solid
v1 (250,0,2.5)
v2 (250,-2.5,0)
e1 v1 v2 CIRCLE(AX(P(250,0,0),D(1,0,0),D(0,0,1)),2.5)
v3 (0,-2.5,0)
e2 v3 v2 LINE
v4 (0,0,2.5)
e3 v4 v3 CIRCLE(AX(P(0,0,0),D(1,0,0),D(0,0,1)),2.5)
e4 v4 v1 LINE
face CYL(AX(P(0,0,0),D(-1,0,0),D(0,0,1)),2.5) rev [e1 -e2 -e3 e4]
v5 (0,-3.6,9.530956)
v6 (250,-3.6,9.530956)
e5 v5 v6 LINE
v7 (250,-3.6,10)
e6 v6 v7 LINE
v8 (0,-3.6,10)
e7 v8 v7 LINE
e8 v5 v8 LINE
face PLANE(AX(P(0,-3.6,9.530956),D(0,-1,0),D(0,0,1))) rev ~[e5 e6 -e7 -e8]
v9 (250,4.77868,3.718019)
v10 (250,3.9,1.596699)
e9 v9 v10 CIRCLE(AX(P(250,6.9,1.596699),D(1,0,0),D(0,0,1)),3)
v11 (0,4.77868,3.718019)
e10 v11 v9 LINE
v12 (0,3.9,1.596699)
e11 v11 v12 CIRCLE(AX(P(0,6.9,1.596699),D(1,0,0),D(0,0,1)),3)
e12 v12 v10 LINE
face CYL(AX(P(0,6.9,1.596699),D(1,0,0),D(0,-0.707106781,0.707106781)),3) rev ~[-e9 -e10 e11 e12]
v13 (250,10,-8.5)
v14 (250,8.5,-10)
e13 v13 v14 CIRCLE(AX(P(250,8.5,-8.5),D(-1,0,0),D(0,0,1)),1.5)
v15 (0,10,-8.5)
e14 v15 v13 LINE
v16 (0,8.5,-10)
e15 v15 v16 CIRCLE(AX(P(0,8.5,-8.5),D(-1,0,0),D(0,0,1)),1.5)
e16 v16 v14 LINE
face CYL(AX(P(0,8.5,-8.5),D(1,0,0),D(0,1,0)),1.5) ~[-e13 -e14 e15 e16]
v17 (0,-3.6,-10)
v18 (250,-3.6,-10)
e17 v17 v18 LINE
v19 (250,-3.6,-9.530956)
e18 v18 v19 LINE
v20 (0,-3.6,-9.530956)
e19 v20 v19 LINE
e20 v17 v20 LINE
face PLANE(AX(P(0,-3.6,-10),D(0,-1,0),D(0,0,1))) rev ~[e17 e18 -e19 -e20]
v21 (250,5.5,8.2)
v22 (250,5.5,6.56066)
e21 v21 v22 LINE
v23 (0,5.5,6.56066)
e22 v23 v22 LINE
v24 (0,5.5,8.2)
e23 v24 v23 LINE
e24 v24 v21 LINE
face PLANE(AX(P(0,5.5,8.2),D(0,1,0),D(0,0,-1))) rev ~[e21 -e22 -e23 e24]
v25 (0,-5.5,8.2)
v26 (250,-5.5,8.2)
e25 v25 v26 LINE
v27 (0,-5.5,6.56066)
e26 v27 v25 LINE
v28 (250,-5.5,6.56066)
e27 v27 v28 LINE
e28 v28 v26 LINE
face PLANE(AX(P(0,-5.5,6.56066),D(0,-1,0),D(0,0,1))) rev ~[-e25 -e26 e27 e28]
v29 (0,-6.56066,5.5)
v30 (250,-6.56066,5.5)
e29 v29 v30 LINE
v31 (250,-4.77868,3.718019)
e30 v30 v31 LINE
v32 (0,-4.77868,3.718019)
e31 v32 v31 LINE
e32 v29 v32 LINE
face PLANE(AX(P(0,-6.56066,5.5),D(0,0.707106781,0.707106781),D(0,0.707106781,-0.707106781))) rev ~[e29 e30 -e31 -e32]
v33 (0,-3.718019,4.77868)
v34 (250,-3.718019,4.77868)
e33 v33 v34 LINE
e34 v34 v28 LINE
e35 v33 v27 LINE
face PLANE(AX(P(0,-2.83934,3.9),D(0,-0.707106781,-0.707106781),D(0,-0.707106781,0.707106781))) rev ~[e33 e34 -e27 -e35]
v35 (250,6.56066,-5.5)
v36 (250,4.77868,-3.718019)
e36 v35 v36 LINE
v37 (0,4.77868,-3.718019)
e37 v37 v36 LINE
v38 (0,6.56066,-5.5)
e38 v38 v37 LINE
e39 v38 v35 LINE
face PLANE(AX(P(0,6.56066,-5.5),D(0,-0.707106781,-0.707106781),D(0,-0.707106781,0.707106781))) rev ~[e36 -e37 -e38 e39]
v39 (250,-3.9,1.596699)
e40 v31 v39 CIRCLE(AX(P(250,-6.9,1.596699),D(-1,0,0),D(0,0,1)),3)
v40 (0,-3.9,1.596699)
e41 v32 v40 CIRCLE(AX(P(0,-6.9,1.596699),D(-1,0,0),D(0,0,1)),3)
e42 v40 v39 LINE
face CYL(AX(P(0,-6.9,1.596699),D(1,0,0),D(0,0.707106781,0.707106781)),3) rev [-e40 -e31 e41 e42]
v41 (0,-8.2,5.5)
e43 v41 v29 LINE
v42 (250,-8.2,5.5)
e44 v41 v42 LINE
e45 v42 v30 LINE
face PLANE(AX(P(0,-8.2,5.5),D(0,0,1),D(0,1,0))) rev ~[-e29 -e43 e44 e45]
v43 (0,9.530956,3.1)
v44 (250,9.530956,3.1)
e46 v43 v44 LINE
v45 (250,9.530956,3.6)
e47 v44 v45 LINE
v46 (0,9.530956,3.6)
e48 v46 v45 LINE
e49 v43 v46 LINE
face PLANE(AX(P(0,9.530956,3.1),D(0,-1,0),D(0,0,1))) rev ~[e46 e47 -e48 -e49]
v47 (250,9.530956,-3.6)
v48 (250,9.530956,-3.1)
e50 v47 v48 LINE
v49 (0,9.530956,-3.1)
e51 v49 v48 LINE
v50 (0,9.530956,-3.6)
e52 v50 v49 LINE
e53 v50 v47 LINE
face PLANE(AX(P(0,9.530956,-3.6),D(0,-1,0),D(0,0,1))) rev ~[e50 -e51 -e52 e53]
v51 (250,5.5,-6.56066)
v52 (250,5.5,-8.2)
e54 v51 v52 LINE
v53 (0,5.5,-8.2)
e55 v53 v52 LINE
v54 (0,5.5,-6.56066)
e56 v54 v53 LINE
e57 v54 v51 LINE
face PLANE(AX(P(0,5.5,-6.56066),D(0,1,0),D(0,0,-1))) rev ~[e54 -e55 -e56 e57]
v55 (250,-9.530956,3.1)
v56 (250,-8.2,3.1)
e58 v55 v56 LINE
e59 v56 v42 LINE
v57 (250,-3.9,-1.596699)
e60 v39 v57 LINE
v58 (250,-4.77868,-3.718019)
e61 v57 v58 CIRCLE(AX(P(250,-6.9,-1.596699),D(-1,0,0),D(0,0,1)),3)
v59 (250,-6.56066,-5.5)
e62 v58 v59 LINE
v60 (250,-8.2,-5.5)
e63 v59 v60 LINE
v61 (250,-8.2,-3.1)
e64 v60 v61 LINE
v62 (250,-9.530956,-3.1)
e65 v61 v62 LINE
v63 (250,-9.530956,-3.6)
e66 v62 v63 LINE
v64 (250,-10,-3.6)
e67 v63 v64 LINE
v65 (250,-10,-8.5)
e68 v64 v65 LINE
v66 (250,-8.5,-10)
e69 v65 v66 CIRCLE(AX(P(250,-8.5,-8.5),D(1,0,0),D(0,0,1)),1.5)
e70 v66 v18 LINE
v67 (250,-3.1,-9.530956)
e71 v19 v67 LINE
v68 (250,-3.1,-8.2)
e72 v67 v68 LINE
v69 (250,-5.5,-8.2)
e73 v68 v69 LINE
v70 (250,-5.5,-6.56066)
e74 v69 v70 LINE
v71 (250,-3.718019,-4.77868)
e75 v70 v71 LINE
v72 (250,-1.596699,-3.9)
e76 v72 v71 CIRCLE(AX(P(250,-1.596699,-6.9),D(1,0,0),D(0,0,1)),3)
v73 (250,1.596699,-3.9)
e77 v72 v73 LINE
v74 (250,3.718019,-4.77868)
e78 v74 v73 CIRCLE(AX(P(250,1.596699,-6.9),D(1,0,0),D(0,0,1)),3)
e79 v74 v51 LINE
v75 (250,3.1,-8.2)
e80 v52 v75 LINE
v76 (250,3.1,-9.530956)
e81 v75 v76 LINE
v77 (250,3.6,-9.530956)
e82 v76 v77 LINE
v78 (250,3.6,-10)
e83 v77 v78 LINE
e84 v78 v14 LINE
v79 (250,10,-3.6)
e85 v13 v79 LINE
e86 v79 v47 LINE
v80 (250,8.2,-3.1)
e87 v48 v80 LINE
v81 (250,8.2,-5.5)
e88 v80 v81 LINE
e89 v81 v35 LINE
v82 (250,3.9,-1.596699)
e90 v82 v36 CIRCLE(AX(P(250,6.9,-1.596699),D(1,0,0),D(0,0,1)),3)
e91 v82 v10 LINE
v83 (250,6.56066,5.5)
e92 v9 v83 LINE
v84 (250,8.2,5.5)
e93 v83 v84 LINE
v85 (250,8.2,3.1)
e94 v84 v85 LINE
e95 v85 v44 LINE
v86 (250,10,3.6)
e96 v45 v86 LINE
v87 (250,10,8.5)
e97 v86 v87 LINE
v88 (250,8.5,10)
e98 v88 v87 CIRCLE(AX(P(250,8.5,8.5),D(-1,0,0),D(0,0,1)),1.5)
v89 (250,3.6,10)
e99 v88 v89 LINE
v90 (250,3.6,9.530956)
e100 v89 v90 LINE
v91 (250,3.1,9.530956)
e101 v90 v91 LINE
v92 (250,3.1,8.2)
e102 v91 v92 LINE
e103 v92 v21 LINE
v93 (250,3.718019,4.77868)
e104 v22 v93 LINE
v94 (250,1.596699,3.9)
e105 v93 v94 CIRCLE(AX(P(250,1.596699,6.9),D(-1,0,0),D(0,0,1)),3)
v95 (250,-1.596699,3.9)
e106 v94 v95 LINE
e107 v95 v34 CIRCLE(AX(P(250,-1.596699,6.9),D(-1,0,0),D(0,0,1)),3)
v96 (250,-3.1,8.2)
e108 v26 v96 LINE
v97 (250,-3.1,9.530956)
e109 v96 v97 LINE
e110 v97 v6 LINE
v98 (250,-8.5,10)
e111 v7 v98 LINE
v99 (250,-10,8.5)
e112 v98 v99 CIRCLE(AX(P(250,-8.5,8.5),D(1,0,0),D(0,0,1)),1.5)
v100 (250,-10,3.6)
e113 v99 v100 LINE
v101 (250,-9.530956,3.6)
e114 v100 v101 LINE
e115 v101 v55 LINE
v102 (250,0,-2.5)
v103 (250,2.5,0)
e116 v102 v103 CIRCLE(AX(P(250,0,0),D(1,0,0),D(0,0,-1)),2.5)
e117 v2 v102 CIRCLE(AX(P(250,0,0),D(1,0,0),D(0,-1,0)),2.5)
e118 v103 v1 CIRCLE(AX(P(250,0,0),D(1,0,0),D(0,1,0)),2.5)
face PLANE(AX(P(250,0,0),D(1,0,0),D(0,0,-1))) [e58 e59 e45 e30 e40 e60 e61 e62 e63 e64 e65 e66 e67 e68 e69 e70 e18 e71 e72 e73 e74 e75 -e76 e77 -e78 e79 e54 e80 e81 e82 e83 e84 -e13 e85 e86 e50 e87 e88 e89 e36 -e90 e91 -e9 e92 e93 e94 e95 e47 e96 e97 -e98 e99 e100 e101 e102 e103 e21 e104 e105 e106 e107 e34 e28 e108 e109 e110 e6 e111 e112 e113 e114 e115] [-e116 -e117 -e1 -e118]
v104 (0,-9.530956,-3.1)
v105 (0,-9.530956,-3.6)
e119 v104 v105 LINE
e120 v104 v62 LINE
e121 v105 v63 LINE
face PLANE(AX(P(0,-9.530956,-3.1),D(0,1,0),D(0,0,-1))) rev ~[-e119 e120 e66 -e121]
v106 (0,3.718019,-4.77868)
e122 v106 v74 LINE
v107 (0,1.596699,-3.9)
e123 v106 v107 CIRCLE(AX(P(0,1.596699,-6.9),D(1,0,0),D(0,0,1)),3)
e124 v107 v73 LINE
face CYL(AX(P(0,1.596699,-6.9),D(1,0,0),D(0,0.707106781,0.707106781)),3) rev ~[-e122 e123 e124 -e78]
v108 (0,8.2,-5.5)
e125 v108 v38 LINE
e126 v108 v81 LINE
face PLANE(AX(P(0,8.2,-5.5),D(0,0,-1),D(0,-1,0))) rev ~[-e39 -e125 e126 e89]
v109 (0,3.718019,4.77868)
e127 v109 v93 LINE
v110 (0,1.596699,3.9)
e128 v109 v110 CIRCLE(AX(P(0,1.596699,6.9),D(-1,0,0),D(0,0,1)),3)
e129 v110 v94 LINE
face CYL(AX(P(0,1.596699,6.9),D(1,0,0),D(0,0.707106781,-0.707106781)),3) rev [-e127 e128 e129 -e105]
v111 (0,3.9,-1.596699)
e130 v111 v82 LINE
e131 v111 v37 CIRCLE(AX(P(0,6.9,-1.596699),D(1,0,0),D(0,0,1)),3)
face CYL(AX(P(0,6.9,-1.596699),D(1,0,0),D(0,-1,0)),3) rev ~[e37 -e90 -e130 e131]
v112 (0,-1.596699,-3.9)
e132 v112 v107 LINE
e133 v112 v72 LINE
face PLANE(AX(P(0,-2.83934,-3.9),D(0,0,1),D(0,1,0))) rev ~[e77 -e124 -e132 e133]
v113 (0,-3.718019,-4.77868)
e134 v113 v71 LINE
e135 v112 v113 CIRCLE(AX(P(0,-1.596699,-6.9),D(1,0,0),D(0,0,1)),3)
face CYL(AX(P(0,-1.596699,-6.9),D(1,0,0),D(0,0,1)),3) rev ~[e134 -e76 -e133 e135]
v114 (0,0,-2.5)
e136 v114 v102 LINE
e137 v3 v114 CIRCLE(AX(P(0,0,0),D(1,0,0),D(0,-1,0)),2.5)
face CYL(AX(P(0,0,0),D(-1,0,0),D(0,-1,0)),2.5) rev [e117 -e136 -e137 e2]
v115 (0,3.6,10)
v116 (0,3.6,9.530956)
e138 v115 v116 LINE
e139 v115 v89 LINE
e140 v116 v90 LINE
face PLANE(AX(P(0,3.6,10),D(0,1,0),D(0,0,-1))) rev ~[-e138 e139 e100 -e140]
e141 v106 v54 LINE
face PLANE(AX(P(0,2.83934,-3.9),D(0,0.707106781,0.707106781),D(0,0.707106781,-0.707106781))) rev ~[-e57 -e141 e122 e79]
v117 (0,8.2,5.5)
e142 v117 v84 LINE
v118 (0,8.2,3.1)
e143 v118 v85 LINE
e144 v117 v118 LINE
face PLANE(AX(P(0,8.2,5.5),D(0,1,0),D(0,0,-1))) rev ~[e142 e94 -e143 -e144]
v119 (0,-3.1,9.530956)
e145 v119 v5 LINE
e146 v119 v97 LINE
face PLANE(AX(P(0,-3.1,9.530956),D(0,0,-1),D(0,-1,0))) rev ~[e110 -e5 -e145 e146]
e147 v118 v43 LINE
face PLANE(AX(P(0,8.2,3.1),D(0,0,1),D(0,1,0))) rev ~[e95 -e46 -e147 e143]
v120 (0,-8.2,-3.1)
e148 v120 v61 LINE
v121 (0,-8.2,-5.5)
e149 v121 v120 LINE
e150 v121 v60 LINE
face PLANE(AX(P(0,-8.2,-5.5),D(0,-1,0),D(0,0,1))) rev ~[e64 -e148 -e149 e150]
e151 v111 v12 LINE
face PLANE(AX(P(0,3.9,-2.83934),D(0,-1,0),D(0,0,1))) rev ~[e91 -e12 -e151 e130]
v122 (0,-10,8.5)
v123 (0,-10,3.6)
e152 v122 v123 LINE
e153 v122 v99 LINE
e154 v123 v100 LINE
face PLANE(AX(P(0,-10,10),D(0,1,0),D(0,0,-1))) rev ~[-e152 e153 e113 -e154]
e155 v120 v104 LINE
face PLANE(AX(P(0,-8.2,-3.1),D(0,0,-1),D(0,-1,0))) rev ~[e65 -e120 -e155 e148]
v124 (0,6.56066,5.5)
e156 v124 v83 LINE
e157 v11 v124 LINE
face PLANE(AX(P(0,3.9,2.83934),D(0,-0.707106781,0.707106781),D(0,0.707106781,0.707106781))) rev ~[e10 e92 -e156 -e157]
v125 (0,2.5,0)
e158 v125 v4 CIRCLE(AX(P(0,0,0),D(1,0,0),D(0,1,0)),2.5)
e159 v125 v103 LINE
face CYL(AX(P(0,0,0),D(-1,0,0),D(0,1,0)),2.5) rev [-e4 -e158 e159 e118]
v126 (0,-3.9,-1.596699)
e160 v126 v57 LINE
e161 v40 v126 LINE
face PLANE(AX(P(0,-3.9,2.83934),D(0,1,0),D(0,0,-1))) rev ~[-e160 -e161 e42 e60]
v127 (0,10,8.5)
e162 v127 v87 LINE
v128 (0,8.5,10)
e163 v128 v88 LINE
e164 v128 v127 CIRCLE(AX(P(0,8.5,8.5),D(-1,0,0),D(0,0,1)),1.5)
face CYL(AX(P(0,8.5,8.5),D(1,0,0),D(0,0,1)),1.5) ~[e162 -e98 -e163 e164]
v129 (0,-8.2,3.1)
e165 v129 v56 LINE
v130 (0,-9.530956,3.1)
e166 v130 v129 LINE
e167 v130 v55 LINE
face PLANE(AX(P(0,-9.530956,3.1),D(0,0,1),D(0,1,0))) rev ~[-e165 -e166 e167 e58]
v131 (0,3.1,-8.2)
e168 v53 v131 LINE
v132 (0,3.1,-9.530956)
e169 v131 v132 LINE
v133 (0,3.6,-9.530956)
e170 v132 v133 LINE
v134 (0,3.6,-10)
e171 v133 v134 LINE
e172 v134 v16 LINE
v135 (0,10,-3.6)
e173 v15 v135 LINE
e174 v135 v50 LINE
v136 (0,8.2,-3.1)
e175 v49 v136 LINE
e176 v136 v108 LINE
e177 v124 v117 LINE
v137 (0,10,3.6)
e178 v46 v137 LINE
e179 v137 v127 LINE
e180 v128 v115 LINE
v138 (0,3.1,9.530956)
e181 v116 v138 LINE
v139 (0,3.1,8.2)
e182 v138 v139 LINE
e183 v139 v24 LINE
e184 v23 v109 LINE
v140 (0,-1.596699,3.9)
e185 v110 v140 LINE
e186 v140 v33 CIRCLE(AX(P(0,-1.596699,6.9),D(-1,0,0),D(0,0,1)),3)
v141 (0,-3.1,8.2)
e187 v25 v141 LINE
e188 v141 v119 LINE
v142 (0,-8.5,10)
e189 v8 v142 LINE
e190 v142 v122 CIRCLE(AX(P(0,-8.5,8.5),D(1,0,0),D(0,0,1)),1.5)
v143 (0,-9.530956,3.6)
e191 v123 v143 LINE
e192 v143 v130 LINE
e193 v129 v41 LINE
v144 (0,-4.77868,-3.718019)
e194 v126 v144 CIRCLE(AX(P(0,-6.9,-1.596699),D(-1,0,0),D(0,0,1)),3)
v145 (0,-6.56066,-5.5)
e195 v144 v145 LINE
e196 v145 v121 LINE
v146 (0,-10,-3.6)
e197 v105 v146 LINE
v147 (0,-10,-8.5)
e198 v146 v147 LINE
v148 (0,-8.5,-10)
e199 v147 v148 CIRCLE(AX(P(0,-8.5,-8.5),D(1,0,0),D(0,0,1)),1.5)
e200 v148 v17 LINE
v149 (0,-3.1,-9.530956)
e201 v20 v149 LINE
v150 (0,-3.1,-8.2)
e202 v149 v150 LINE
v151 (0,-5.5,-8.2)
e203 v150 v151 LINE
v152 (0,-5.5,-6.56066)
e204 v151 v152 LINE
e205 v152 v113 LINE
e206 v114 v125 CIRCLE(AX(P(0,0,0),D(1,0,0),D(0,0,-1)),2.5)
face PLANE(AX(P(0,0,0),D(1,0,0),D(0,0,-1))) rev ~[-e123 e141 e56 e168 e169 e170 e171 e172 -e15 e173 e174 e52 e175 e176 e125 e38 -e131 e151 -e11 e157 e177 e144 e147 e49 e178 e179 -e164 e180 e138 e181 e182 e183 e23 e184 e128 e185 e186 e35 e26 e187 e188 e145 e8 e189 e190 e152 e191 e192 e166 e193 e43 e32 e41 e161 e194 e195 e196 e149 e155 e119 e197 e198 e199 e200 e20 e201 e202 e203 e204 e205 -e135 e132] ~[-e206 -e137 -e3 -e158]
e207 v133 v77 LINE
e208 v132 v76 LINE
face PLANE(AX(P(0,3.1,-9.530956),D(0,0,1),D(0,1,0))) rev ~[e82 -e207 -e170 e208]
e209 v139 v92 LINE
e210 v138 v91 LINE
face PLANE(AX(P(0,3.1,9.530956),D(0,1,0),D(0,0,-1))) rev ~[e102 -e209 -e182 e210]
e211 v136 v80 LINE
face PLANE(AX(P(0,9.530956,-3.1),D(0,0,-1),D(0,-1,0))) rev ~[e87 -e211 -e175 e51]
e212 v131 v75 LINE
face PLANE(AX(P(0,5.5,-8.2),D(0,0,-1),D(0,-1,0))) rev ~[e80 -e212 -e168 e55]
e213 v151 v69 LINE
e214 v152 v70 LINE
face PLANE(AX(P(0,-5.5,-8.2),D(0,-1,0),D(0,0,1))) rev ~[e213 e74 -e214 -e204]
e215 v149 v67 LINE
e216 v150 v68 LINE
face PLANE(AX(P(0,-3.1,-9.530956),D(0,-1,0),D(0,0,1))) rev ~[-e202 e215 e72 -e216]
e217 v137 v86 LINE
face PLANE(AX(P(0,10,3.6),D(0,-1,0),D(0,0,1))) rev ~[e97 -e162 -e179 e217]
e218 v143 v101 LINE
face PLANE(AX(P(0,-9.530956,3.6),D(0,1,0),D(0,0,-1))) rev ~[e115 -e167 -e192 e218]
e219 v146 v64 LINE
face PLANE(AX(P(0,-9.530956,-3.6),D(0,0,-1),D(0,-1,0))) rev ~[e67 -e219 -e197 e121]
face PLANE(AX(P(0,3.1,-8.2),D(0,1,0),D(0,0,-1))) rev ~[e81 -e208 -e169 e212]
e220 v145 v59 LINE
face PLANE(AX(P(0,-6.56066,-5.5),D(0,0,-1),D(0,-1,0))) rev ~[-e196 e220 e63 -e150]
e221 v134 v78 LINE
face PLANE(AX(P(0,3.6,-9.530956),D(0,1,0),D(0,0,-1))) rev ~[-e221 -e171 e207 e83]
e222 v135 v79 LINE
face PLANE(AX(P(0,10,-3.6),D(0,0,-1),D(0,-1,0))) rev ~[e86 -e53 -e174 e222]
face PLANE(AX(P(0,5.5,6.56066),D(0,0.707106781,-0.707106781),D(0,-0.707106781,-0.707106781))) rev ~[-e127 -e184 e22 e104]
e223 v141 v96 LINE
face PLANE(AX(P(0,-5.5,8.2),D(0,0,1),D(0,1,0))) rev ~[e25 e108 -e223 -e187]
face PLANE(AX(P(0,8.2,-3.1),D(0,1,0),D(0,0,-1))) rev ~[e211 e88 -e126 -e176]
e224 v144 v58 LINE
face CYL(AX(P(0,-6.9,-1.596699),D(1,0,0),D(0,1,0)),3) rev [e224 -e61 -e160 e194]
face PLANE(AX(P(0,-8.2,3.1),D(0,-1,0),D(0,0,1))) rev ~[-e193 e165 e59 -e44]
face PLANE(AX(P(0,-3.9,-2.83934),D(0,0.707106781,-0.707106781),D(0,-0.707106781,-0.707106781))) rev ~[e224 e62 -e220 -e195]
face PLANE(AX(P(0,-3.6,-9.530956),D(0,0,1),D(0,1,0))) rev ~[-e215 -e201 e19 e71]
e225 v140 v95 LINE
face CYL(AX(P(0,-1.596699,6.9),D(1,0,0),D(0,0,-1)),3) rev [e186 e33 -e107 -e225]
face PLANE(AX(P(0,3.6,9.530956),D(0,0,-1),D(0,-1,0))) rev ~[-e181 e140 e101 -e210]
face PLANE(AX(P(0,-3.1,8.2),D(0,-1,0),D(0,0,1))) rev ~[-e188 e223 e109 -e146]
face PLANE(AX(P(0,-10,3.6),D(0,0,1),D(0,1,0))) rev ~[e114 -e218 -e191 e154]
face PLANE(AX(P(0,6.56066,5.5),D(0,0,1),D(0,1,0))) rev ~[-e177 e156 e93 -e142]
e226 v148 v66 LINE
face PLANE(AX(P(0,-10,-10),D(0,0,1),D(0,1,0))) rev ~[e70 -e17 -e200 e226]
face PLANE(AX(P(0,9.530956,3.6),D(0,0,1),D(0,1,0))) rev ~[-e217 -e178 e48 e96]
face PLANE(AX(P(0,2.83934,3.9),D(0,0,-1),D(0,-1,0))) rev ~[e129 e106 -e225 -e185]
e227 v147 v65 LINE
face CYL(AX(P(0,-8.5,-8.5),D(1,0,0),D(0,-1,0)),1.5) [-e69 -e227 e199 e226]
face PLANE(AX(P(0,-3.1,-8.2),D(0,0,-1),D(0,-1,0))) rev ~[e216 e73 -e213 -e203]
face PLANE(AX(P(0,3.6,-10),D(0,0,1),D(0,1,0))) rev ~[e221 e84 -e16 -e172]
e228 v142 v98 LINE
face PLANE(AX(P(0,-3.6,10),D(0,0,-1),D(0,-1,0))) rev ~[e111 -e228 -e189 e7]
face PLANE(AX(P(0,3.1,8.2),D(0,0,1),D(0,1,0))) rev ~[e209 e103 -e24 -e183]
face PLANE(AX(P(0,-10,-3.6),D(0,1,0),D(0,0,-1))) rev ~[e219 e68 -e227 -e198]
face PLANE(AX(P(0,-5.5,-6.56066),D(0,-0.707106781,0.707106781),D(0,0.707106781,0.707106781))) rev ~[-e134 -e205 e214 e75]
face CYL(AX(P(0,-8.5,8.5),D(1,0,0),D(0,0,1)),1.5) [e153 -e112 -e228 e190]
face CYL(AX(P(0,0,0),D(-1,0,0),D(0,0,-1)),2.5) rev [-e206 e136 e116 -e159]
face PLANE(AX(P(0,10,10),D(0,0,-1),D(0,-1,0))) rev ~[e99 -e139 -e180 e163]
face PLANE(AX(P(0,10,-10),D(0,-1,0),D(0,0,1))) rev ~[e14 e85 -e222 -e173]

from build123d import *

# Parameters (mm, degrees)
EXTRUDE_1_DEPTH = 250
FILLET_1_R      = 1.5
FILLET_2_R      = 3


with BuildPart() as part:
    # 草图1 → 凸台-拉伸1 (new body)
    with BuildSketch(Plane(origin=(0, 0, 0), x_dir=(0, 0, -1), z_dir=(1, 0, 0))):
        Polygon((-10, 10), (-10, 3.6), (-9.530955747, 3.6), (-9.530955747, 3.1), (-8.2, 3.1), (-8.2, 5.5), (-6.560660172, 5.5), (-3.9, 2.839339828), (-3.9, 0), (-3.9, -2.839339828), (-6.560660172, -5.5), (-8.2, -5.5), (-8.2, -3.1), (-9.530955747, -3.1), (-9.530955747, -3.6), (-10, -3.6), (-10, -10), (-3.6, -10), (-3.6, -9.530955747), (-3.1, -9.530955747), (-3.1, -8.2), (-5.5, -8.2), (-5.5, -6.560660172), (-2.839339828, -3.9), (0, -3.9), (2.839339828, -3.9), (5.5, -6.560660172), (5.5, -8.2), (3.1, -8.2), (3.1, -9.530955747), (3.6, -9.530955747), (3.6, -10), (10, -10), (10, -3.6), (9.530955747, -3.6), (9.530955747, -3.1), (8.2, -3.1), (8.2, -5.5), (6.560660172, -5.5), (3.9, -2.839339828), (3.9, 0), (3.9, 2.839339828), (6.560660172, 5.5), (8.2, 5.5), (8.2, 3.1), (9.530955747, 3.1), (9.530955747, 3.6), (10, 3.6), (10, 10), (3.6, 10), (3.6, 9.530955747), (3.1, 9.530955747), (3.1, 8.2), (5.5, 8.2), (5.5, 6.560660172), (2.839339828, 3.9), (0, 3.9), (-2.839339828, 3.9), (-5.5, 6.560660172), (-5.5, 8.2), (-3.1, 8.2), (-3.1, 9.530955747), (-3.6, 9.530955747), (-3.6, 10), align=None)
        with BuildLine():
            ThreePointArc((0, 2.5), (-1.767766953, 1.767766953), (-2.5, 0))
            ThreePointArc((-2.5, 0), (-1.767766953, -1.767766953), (0, -2.5))
            ThreePointArc((0, -2.5), (1.767766953, -1.767766953), (2.5, 0))
            ThreePointArc((2.5, 0), (1.767766953, 1.767766953), (0, 2.5))
        make_face(mode=Mode.SUBTRACT)
    extrude(amount=EXTRUDE_1_DEPTH)

    # 圆角1
    fillet_1_edges = [part.edges().sort_by_distance(p)[0] for p in [
        (125, -10, -10),
        (125, -10, 10),
        (125, 10, 10),
        (125, 10, -10),
    ]]
    fillet(fillet_1_edges, radius=FILLET_1_R)

    # 圆角2
    fillet_2_edges = [part.edges().sort_by_distance(p)[0] for p in [
        (125, -3.9, -2.839339828),
        (125, -3.9, 2.839339828),
        (125, -2.839339828, 3.9),
        (125, 2.839339828, 3.9),
        (125, 3.9, 2.839339828),
        (125, 3.9, -2.839339828),
        (125, 2.839339828, -3.9),
        (125, -2.839339828, -3.9),
    ]]
    fillet(fillet_2_edges, radius=FILLET_2_R)


solid = part.part
